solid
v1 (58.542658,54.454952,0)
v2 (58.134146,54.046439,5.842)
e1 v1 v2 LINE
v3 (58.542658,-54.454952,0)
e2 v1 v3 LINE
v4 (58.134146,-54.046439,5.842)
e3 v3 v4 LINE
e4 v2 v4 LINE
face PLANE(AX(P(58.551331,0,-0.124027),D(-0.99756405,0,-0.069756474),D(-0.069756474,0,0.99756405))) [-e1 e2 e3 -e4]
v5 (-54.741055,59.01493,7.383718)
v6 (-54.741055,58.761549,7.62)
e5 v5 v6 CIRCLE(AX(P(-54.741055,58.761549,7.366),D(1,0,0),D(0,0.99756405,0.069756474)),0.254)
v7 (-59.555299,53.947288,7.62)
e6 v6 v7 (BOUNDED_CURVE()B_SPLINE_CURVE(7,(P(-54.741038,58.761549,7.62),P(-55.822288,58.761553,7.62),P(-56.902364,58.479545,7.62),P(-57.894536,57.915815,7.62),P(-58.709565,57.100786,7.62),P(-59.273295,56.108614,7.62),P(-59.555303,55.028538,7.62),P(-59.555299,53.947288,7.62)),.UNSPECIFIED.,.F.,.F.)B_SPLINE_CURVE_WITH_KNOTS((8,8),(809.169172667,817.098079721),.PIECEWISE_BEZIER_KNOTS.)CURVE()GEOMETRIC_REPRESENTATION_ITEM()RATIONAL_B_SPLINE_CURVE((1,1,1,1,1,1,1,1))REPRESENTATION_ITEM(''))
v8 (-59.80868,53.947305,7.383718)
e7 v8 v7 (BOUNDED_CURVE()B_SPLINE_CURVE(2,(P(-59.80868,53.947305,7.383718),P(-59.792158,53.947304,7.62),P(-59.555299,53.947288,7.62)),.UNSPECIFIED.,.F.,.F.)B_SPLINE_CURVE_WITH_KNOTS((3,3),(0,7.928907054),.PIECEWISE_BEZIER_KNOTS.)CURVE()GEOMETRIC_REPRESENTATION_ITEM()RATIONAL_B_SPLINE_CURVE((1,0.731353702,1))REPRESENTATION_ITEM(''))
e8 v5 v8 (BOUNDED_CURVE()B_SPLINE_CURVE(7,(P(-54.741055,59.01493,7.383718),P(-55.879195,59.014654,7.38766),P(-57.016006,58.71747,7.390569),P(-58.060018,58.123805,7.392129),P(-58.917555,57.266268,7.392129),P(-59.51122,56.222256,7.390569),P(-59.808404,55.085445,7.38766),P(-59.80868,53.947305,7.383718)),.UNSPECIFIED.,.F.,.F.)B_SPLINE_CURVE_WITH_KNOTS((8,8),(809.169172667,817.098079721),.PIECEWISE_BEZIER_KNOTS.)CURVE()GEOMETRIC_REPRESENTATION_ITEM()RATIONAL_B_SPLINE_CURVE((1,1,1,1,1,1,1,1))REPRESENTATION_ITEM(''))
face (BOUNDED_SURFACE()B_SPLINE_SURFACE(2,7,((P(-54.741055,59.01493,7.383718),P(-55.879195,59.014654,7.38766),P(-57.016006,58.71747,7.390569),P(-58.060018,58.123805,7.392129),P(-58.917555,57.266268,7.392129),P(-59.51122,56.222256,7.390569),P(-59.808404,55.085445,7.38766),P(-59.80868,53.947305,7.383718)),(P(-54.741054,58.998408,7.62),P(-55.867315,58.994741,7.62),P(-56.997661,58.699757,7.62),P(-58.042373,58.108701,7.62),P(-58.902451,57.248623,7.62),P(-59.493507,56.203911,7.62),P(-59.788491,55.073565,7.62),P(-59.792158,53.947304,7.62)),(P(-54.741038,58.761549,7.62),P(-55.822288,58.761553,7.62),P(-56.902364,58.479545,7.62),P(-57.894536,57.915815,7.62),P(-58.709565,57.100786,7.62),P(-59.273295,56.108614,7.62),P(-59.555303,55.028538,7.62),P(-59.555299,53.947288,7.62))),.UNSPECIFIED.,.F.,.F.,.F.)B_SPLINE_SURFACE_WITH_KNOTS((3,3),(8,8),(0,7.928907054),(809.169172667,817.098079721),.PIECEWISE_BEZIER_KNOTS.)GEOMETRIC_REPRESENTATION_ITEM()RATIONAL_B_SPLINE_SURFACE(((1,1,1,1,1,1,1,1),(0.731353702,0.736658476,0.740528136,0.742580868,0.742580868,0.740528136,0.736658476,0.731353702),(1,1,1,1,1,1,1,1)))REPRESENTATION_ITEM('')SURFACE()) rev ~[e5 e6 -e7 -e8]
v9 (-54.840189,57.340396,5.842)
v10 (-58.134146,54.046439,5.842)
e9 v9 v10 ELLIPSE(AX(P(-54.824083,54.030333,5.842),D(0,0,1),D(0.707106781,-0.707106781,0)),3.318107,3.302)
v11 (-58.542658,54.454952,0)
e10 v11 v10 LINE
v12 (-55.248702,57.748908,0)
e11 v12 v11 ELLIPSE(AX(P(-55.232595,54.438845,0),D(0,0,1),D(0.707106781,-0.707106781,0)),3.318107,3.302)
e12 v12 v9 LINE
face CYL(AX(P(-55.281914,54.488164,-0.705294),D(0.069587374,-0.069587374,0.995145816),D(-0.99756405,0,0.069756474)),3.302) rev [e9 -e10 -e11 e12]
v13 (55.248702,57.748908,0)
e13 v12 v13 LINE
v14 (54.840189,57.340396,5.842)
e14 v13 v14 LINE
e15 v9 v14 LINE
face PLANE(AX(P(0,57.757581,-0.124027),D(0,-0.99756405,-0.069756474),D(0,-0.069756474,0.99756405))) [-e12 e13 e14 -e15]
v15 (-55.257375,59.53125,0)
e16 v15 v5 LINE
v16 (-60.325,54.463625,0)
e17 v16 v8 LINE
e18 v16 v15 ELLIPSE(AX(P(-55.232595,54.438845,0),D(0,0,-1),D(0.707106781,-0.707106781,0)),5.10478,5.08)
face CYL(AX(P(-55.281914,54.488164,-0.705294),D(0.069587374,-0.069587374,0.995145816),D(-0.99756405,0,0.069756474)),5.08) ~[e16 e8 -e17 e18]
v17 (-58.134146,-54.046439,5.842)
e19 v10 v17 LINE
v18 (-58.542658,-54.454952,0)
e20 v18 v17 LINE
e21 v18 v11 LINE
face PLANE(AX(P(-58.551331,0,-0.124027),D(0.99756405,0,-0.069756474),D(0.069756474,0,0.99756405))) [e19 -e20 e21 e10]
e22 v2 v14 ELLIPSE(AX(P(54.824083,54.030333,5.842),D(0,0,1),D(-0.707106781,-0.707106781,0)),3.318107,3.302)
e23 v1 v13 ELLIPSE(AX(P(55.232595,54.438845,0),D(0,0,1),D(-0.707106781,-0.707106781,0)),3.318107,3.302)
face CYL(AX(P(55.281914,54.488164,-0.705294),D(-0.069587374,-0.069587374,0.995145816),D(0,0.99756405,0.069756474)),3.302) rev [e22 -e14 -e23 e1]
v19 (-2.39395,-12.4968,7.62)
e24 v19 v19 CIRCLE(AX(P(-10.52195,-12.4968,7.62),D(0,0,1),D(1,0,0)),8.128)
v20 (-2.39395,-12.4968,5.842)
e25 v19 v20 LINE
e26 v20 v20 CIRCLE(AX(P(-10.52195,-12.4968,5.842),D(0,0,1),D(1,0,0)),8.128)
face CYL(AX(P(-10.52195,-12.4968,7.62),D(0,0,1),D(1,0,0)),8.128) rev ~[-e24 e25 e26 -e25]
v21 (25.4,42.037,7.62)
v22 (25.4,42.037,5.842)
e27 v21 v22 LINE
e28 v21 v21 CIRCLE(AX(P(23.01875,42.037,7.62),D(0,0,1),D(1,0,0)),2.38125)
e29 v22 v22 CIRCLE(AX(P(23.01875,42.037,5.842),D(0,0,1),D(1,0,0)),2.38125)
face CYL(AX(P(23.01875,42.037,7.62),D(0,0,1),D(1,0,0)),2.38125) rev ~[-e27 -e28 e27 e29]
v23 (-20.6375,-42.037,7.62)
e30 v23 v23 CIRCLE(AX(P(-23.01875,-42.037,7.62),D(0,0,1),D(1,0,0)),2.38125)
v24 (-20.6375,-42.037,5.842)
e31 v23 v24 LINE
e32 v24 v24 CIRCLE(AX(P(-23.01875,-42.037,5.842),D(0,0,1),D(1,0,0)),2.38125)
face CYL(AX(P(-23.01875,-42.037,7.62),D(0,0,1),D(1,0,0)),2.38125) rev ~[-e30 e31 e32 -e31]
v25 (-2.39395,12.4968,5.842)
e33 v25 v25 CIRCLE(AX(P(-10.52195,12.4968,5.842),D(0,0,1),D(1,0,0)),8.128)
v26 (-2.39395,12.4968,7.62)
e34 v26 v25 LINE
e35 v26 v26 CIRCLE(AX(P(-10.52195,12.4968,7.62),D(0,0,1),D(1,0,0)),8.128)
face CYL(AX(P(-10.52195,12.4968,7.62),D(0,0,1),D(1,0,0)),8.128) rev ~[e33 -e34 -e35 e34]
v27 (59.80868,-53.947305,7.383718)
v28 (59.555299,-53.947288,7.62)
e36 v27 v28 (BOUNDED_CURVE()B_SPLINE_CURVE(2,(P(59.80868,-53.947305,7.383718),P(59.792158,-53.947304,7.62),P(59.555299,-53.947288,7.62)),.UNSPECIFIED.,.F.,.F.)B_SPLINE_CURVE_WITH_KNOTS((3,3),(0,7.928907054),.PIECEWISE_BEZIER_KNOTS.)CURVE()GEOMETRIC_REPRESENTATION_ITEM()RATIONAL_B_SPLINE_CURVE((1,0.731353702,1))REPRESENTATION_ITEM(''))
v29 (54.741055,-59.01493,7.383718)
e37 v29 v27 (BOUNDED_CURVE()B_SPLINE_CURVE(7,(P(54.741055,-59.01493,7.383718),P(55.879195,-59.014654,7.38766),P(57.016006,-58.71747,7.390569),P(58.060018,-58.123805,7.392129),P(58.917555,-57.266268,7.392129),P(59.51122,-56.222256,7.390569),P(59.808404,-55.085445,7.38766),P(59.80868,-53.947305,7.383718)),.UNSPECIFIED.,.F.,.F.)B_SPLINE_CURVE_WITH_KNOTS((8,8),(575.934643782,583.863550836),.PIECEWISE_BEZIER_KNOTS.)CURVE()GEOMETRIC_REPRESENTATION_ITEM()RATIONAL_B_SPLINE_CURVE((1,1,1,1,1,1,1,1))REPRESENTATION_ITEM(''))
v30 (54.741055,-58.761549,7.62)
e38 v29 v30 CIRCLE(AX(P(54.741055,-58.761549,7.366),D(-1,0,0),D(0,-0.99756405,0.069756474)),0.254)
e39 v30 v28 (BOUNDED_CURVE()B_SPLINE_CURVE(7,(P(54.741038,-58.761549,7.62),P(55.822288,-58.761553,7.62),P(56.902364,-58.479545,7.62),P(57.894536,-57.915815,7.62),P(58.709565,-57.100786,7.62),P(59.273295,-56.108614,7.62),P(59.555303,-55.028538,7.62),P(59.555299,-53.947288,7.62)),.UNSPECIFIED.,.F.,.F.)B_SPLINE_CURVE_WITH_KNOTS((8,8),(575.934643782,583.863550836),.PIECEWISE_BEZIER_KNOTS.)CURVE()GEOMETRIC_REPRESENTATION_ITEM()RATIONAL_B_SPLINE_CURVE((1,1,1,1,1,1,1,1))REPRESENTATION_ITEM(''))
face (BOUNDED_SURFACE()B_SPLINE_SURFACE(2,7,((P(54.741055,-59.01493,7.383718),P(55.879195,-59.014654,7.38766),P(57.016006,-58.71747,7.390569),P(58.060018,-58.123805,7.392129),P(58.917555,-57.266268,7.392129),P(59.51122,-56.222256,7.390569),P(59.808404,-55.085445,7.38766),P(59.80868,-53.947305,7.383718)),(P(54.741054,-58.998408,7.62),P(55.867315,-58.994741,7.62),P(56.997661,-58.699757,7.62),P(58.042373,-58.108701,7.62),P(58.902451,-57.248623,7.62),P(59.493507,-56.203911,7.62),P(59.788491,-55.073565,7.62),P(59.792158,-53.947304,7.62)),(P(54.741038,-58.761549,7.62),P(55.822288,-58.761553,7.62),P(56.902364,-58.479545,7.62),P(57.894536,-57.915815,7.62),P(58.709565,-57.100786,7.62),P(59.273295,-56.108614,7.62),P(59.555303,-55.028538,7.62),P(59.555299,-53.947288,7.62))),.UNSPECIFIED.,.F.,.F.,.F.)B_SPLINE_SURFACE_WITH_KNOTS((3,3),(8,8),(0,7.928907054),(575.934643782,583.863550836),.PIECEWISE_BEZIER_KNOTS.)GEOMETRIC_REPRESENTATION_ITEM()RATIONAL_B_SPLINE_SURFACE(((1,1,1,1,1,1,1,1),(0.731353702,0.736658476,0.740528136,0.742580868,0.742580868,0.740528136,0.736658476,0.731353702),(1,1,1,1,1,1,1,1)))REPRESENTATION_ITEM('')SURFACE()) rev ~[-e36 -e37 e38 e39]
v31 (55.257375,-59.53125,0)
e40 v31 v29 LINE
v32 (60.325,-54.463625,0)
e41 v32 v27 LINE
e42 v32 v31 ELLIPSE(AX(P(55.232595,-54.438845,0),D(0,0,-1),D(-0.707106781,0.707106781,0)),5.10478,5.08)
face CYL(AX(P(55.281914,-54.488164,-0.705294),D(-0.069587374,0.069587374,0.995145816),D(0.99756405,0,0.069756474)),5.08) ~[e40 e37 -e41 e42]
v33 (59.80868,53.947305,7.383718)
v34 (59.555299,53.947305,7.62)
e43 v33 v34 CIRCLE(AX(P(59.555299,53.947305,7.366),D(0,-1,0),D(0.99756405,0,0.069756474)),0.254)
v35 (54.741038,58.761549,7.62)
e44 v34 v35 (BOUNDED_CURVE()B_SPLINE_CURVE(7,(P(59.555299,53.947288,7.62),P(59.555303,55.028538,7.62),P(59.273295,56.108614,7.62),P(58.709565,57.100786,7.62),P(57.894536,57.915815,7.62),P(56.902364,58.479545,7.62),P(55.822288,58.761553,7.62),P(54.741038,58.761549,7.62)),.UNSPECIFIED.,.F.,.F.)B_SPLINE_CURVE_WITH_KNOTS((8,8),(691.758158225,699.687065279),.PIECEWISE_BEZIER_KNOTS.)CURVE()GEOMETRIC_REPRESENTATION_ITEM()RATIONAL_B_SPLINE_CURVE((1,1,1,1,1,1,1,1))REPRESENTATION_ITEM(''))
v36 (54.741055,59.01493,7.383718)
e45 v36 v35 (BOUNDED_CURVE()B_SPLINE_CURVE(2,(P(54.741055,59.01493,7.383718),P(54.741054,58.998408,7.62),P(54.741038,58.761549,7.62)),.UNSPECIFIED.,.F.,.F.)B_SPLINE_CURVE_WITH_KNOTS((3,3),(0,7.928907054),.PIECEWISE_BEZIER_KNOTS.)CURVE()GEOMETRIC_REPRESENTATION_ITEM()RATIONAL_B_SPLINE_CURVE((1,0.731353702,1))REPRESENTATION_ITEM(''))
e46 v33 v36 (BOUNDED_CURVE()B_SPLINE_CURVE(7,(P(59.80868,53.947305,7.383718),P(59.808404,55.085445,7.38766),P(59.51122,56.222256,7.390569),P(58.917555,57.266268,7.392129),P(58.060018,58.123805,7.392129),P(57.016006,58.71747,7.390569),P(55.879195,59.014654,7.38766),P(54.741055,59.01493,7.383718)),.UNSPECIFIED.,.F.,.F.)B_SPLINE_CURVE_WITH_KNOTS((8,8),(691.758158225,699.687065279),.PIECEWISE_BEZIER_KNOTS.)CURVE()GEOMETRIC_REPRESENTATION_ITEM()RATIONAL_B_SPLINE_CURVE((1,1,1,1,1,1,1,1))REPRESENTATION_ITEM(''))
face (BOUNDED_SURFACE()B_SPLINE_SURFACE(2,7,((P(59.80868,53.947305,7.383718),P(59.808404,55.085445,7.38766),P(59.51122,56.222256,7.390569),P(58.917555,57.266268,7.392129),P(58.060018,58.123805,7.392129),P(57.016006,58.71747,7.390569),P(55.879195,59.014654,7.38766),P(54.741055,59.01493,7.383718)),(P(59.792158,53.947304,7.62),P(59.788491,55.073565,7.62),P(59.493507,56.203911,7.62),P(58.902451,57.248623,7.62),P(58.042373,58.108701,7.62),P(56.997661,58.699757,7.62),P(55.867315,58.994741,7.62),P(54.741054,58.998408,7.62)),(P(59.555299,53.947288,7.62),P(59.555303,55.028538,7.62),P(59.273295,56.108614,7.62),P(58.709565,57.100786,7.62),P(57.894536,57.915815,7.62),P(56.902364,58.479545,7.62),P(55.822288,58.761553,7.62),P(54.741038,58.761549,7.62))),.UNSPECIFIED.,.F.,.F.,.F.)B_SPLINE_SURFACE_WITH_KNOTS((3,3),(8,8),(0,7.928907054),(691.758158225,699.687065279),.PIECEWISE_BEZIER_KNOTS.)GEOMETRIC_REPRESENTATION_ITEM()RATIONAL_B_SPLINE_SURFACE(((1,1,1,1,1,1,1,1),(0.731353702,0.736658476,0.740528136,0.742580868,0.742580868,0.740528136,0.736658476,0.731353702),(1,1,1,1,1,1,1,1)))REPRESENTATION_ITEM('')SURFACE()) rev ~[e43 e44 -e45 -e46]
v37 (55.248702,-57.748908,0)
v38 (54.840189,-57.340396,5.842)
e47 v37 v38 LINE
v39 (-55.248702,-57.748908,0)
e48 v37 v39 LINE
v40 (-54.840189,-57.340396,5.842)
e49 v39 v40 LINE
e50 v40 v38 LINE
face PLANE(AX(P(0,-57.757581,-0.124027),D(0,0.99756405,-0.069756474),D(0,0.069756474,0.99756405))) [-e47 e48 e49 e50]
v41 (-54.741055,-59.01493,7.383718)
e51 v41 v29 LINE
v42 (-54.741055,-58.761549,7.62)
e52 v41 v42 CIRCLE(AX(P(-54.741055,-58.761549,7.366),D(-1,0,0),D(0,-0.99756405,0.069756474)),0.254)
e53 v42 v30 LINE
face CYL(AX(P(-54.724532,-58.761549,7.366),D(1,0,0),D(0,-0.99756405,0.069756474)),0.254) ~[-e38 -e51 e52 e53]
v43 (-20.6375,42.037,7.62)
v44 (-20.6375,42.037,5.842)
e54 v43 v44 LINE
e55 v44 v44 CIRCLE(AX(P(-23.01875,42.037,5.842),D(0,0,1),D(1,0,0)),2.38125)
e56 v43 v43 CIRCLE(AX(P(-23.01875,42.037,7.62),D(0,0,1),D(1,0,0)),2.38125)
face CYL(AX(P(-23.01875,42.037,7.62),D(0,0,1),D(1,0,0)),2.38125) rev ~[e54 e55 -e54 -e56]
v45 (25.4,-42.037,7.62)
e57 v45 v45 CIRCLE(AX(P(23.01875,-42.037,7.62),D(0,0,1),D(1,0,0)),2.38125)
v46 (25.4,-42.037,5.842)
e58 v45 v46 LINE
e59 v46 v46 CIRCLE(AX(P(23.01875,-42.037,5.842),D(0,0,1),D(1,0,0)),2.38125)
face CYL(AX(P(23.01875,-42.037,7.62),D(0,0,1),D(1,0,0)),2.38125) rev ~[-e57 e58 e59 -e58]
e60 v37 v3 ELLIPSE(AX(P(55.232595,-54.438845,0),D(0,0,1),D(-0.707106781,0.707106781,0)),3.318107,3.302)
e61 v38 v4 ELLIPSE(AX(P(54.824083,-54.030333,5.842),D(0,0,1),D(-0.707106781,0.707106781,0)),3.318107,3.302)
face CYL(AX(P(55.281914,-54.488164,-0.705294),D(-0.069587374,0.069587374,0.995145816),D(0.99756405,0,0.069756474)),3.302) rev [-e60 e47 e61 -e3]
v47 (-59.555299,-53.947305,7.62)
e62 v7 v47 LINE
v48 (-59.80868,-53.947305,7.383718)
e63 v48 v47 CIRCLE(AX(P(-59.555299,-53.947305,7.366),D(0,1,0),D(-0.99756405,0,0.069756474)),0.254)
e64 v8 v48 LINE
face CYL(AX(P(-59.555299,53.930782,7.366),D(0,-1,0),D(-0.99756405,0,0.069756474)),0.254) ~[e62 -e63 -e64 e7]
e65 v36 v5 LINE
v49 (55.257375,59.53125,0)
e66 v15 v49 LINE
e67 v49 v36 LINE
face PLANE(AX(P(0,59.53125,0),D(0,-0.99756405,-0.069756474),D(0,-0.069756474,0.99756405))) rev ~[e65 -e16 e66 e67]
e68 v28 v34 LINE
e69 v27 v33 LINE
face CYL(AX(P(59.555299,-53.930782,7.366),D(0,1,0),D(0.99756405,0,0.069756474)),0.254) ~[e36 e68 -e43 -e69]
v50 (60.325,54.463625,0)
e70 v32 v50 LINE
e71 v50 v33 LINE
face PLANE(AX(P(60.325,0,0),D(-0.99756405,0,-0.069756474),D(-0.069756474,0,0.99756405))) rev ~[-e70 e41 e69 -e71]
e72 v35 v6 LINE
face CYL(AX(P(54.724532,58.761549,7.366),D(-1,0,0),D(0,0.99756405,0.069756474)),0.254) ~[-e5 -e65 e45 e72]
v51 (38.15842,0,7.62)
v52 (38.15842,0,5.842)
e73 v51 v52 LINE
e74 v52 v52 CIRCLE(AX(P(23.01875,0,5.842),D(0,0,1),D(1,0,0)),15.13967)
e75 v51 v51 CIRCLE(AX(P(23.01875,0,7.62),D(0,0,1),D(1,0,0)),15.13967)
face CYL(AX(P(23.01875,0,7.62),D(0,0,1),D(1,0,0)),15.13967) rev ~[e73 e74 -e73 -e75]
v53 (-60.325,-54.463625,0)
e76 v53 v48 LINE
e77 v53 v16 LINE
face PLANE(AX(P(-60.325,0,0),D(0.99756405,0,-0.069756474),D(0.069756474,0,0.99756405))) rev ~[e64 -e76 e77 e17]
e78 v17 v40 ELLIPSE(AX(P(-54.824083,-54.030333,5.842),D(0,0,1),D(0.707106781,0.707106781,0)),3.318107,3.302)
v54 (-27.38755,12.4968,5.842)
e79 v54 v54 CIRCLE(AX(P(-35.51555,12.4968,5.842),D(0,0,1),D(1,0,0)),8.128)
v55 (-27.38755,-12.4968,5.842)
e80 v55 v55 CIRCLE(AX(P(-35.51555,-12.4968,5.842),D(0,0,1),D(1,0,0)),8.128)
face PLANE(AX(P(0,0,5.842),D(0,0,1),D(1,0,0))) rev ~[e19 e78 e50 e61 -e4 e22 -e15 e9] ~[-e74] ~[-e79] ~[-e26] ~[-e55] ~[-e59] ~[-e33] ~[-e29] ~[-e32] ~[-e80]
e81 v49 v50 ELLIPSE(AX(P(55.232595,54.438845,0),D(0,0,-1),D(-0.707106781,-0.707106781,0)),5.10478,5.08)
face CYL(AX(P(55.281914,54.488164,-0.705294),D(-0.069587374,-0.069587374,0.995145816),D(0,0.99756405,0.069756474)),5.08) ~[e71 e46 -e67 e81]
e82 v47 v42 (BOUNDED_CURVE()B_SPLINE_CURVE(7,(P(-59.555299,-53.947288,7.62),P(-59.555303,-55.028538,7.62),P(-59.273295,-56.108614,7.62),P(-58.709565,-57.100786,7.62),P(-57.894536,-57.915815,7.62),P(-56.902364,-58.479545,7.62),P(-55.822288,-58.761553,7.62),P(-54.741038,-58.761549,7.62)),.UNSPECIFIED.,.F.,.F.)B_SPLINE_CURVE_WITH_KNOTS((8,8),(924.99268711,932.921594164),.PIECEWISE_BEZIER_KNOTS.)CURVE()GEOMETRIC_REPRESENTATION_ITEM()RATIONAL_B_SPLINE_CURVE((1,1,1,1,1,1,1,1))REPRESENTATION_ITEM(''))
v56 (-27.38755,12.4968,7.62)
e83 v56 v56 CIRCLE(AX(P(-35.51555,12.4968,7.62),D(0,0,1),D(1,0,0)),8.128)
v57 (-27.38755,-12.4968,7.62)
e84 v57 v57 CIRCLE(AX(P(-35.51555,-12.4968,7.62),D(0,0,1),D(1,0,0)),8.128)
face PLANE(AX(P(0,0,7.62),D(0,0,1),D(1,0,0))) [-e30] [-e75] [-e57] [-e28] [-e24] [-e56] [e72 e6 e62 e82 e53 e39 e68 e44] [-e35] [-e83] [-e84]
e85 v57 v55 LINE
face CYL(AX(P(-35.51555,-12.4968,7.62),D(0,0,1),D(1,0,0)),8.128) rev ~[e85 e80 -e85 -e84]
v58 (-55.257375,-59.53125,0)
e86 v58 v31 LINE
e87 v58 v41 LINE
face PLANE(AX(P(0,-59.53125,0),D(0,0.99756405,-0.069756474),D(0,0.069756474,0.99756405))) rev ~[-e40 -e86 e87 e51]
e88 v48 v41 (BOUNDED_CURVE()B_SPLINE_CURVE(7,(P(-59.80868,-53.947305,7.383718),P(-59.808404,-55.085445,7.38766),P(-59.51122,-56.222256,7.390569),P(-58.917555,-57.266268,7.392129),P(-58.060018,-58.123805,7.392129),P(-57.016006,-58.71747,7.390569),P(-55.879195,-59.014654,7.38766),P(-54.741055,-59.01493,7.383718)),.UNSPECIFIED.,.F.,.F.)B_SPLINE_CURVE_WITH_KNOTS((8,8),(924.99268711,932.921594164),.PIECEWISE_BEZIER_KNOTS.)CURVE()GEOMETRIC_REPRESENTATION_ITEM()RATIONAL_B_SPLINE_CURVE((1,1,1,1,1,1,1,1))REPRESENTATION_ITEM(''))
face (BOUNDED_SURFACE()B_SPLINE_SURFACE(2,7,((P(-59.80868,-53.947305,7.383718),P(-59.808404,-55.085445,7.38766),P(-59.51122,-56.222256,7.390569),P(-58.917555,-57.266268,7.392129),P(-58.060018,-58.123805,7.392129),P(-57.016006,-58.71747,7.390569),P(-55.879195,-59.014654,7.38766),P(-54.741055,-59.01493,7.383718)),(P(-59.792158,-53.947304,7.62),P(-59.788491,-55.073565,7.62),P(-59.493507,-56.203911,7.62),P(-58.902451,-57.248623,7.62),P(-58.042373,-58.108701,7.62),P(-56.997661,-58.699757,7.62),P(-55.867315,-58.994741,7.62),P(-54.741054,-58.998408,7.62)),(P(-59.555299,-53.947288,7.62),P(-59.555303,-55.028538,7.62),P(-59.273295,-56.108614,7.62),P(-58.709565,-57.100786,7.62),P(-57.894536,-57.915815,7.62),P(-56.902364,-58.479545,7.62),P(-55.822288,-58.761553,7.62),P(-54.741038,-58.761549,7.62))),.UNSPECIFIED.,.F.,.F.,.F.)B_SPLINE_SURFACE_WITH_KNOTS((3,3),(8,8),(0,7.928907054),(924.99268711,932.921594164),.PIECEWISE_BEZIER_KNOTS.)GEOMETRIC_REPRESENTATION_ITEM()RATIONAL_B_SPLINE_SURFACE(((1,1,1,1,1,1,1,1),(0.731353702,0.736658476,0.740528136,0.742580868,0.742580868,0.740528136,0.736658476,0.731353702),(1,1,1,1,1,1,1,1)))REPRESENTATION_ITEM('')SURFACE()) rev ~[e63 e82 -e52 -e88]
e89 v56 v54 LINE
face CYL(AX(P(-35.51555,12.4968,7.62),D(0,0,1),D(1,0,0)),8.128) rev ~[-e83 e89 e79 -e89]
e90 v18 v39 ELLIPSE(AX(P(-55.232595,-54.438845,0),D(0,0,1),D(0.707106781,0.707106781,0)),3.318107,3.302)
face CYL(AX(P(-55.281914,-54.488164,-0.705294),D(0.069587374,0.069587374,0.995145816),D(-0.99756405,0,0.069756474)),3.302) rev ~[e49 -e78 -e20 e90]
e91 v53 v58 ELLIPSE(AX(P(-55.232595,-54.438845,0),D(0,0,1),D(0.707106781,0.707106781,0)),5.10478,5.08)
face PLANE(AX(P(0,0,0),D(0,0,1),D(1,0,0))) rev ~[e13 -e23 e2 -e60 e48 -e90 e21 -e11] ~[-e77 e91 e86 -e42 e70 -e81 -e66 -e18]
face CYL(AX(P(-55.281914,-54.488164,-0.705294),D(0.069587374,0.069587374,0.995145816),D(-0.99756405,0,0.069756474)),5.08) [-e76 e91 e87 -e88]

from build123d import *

# Parameters (mm, degrees)
SKETCH1_W           = 120.65
SKETCH1_H           = 119.0625
BOSS_EXTRUDE1_DEPTH = 7.62
BOSS_EXTRUDE1_TAPER = 4
FILLET1_R           = 5.08
FILLET2_R           = 0.254
SHELL1_T            = -1.778
SKETCH5_R           = 2.38125
CUT_EXTRUDE1_DEPTH  = 8.6200001
SKETCH6_R           = 15.13967
SKETCH6_R_2         = 8.128
CUT_EXTRUDE2_DEPTH  = 8.6200001


with BuildPart() as part:
    # Sketch1 → Boss-Extrude1 (new body)
    with BuildSketch(Plane.XY):
        Rectangle(SKETCH1_W, SKETCH1_H)
    extrude(amount=BOSS_EXTRUDE1_DEPTH, taper=BOSS_EXTRUDE1_TAPER)

    # Fillet1
    fillet1_edges = [part.edges().sort_by_distance(p)[0] for p in [
        (-60.058578385, 59.264828385, 3.810006606),
        (60.058578385, 59.264828385, 3.810006606),
        (60.058578385, -59.264828385, 3.810006606),
        (-60.058578846, -59.264828846, 3.81),
    ]]
    fillet(fillet1_edges, radius=FILLET1_R)

    # Fillet2
    fillet2_edges = [part.edges().sort_by_distance(p)[0] for p in [
        (0, -58.998407693, 7.62),
        (-59.792157693, 0, 7.62),
        (59.792157693, 0, 7.62),
        (0, 58.998407693, 7.62),
        (-58.30937708, 57.51562708, 7.62),
        (58.30937708, 57.51562708, 7.62),
        (58.30937708, -57.51562708, 7.62),
        (-58.30937708, -57.51562708, 7.62),
    ]]
    fillet(fillet2_edges, radius=FILLET2_R)

    # Shell1
    shell1_openings = [part.faces().sort_by_distance(p)[0] for p in [
        (0, 0, 0),
    ]]
    offset(amount=SHELL1_T, openings=shell1_openings, kind=Kind.INTERSECTION)

    # Sketch5 → Cut-Extrude1 (cut, through all)
    with BuildSketch(Plane.XY.offset(7.62)):
        with Locations((-23.01875, 42.037)):
            Circle(SKETCH5_R)
        with Locations((-23.01875, -42.037)):
            Circle(SKETCH5_R)
        with Locations((23.01875, -42.037)):
            Circle(SKETCH5_R)
        with Locations((23.01875, 42.037)):
            Circle(SKETCH5_R)
    extrude(amount=-CUT_EXTRUDE1_DEPTH, mode=Mode.SUBTRACT)

    # Sketch6 → Cut-Extrude2 (cut, through all)
    with BuildSketch(Plane.XY.offset(7.62)):
        with Locations((23.01875, 0)):
            Circle(SKETCH6_R)
        with Locations((-35.51555, 12.4968)):
            Circle(SKETCH6_R_2)
        with Locations((-10.52195, 12.4968)):
            Circle(SKETCH6_R_2)
        with Locations((-10.52195, -12.4968)):
            Circle(SKETCH6_R_2)
        with Locations((-35.51555, -12.4968)):
            Circle(SKETCH6_R_2)
    extrude(amount=-CUT_EXTRUDE2_DEPTH, mode=Mode.SUBTRACT)


solid = part.part
